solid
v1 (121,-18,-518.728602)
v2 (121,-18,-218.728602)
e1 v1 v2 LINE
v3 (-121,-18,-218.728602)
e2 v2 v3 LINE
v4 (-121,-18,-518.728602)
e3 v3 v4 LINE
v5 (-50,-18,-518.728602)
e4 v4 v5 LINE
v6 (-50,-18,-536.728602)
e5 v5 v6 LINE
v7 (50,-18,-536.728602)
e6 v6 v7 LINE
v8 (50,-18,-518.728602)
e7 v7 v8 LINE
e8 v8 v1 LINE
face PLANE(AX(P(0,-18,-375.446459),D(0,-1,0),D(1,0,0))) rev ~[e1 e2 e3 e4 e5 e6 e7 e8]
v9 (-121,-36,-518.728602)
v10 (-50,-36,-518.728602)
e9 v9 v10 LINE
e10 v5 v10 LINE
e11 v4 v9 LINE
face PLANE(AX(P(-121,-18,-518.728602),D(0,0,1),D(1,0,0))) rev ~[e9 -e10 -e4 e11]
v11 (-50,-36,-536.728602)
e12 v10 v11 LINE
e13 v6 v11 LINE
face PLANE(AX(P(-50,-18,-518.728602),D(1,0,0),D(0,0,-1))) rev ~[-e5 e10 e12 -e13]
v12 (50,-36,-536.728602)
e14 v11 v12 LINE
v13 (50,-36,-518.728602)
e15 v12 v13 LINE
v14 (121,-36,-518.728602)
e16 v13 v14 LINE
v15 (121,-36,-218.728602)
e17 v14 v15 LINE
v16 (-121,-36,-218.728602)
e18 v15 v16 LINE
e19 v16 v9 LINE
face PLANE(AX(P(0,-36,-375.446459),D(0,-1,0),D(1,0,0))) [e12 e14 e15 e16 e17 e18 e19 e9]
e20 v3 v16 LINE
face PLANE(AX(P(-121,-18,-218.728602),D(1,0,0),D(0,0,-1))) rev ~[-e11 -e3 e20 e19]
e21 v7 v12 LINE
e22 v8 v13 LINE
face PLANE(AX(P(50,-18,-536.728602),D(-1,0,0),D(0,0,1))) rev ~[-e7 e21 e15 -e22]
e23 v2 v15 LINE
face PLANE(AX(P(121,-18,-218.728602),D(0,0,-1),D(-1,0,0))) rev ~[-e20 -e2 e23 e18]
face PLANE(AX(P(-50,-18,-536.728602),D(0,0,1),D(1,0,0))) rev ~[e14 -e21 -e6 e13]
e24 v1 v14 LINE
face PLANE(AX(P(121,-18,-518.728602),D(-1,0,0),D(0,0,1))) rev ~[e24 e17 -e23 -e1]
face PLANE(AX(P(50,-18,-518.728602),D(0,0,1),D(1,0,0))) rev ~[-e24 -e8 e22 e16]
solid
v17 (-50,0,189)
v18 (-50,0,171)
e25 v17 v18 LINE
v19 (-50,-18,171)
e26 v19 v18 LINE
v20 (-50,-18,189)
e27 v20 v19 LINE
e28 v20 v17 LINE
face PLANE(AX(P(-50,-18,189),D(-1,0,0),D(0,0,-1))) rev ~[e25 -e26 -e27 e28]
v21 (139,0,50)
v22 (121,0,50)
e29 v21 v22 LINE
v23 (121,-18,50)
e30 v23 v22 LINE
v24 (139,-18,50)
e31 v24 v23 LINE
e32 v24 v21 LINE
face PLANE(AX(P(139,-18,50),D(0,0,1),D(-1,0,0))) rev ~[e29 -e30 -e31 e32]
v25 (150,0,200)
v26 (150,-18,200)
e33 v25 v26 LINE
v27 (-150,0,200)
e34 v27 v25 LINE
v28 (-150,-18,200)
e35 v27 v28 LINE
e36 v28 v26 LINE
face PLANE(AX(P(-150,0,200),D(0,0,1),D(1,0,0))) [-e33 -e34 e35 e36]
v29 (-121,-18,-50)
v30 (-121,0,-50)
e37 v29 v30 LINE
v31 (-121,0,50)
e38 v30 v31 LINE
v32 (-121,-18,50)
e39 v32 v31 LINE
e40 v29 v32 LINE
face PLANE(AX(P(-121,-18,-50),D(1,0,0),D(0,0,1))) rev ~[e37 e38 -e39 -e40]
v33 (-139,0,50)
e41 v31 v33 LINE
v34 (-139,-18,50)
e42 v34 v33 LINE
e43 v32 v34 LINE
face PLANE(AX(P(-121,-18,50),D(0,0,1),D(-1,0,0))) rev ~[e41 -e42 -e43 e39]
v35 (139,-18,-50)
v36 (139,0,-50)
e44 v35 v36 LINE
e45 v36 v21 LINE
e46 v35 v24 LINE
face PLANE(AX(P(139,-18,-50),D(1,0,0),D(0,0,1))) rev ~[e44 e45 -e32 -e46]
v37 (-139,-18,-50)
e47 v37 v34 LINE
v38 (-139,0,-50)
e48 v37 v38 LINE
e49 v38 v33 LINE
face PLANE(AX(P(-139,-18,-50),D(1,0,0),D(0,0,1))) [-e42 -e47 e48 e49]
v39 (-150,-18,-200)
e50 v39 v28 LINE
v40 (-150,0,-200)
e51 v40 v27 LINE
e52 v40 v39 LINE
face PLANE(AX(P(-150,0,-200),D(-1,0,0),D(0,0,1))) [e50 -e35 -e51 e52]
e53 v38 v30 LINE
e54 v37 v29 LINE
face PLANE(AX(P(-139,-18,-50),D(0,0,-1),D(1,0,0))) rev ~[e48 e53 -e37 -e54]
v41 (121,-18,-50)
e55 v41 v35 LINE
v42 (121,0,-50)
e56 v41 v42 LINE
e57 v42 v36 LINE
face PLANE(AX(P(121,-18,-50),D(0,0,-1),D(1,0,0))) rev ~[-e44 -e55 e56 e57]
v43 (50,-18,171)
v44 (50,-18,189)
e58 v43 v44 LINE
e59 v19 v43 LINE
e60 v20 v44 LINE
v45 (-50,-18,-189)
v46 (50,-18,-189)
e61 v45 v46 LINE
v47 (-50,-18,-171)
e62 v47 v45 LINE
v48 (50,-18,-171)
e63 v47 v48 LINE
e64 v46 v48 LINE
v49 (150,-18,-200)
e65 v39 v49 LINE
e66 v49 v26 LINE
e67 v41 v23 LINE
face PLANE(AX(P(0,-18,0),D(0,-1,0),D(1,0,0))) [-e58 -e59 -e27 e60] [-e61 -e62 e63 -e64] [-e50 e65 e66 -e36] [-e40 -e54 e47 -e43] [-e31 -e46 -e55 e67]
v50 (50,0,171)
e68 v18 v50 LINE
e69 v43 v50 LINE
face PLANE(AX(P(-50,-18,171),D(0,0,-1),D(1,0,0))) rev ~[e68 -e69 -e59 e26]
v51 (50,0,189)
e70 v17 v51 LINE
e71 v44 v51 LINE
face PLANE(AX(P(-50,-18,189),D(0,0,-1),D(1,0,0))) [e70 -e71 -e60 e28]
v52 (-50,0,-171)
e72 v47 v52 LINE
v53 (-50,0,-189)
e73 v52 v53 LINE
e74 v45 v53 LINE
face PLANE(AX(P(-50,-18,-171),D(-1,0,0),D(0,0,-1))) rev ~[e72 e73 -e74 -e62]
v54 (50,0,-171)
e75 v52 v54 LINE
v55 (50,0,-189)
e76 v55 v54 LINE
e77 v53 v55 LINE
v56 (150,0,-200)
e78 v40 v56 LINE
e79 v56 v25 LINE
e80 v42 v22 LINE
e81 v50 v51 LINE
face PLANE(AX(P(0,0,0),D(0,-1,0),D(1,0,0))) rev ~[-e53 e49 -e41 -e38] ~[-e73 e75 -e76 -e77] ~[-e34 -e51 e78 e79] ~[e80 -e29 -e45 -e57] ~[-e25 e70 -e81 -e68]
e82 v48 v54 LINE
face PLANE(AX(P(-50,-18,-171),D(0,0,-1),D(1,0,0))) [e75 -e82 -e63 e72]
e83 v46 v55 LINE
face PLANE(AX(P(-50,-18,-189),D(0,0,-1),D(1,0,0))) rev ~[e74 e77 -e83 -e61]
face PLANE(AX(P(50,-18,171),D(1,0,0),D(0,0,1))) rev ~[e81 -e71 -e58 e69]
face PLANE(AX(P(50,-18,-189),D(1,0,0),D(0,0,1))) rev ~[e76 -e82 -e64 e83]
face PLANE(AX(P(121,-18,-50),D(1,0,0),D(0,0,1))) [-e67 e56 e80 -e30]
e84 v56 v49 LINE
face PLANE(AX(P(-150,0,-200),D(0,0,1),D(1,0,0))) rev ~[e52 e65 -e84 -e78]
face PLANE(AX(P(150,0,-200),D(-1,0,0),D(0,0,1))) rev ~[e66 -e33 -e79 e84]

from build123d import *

# Parameters (mm, degrees)
F0_W     = 300
F0_H     = 400
F1_DEPTH = 18
F2_W     = 100
F2_H     = 9
F2_W_2   = 9
F2_H_2   = 100
F3_DEPTH = 25
F5_DEPTH = 18


with BuildPart() as f1:
    # F0 (on Front) → F1 (new body)
    with BuildSketch(Plane.XZ):
        Rectangle(F0_W, F0_H)
    extrude(amount=F1_DEPTH)

    # F2 (on face) → F3 (cut)
    with BuildSketch(Plane.XZ.offset(18)):
        with Locations((0, -184.5)):
            Rectangle(F2_W, F2_H)
        with Locations((0, -175.5)):
            Rectangle(F2_W, F2_H)
        with Locations((0, 175.5)):
            Rectangle(F2_W, F2_H)
        with Locations((0, 184.5)):
            Rectangle(F2_W, F2_H)
        with Locations((125.5, 0)):
            Rectangle(F2_W_2, F2_H_2)
        with Locations((134.5, 0)):
            Rectangle(F2_W_2, F2_H_2)
        with Locations((-134.5, 0)):
            Rectangle(F2_W_2, F2_H_2)
        with Locations((-125.5, 0)):
            Rectangle(F2_W_2, F2_H_2)
    extrude(amount=-F3_DEPTH, mode=Mode.SUBTRACT)


with BuildPart() as f5:
    # F4 (on face) → F5 (new body)
    with BuildSketch(Plane.XZ.offset(18)):
        Polygon((121, -218.728602), (-121, -218.728602), (-121, -518.728602), (-50, -518.728602), (-50, -536.728602), (50, -536.728602), (50, -518.728602), (121, -518.728602), align=None)
    extrude(amount=F5_DEPTH)


solid = Compound([f1.part, f5.part])
